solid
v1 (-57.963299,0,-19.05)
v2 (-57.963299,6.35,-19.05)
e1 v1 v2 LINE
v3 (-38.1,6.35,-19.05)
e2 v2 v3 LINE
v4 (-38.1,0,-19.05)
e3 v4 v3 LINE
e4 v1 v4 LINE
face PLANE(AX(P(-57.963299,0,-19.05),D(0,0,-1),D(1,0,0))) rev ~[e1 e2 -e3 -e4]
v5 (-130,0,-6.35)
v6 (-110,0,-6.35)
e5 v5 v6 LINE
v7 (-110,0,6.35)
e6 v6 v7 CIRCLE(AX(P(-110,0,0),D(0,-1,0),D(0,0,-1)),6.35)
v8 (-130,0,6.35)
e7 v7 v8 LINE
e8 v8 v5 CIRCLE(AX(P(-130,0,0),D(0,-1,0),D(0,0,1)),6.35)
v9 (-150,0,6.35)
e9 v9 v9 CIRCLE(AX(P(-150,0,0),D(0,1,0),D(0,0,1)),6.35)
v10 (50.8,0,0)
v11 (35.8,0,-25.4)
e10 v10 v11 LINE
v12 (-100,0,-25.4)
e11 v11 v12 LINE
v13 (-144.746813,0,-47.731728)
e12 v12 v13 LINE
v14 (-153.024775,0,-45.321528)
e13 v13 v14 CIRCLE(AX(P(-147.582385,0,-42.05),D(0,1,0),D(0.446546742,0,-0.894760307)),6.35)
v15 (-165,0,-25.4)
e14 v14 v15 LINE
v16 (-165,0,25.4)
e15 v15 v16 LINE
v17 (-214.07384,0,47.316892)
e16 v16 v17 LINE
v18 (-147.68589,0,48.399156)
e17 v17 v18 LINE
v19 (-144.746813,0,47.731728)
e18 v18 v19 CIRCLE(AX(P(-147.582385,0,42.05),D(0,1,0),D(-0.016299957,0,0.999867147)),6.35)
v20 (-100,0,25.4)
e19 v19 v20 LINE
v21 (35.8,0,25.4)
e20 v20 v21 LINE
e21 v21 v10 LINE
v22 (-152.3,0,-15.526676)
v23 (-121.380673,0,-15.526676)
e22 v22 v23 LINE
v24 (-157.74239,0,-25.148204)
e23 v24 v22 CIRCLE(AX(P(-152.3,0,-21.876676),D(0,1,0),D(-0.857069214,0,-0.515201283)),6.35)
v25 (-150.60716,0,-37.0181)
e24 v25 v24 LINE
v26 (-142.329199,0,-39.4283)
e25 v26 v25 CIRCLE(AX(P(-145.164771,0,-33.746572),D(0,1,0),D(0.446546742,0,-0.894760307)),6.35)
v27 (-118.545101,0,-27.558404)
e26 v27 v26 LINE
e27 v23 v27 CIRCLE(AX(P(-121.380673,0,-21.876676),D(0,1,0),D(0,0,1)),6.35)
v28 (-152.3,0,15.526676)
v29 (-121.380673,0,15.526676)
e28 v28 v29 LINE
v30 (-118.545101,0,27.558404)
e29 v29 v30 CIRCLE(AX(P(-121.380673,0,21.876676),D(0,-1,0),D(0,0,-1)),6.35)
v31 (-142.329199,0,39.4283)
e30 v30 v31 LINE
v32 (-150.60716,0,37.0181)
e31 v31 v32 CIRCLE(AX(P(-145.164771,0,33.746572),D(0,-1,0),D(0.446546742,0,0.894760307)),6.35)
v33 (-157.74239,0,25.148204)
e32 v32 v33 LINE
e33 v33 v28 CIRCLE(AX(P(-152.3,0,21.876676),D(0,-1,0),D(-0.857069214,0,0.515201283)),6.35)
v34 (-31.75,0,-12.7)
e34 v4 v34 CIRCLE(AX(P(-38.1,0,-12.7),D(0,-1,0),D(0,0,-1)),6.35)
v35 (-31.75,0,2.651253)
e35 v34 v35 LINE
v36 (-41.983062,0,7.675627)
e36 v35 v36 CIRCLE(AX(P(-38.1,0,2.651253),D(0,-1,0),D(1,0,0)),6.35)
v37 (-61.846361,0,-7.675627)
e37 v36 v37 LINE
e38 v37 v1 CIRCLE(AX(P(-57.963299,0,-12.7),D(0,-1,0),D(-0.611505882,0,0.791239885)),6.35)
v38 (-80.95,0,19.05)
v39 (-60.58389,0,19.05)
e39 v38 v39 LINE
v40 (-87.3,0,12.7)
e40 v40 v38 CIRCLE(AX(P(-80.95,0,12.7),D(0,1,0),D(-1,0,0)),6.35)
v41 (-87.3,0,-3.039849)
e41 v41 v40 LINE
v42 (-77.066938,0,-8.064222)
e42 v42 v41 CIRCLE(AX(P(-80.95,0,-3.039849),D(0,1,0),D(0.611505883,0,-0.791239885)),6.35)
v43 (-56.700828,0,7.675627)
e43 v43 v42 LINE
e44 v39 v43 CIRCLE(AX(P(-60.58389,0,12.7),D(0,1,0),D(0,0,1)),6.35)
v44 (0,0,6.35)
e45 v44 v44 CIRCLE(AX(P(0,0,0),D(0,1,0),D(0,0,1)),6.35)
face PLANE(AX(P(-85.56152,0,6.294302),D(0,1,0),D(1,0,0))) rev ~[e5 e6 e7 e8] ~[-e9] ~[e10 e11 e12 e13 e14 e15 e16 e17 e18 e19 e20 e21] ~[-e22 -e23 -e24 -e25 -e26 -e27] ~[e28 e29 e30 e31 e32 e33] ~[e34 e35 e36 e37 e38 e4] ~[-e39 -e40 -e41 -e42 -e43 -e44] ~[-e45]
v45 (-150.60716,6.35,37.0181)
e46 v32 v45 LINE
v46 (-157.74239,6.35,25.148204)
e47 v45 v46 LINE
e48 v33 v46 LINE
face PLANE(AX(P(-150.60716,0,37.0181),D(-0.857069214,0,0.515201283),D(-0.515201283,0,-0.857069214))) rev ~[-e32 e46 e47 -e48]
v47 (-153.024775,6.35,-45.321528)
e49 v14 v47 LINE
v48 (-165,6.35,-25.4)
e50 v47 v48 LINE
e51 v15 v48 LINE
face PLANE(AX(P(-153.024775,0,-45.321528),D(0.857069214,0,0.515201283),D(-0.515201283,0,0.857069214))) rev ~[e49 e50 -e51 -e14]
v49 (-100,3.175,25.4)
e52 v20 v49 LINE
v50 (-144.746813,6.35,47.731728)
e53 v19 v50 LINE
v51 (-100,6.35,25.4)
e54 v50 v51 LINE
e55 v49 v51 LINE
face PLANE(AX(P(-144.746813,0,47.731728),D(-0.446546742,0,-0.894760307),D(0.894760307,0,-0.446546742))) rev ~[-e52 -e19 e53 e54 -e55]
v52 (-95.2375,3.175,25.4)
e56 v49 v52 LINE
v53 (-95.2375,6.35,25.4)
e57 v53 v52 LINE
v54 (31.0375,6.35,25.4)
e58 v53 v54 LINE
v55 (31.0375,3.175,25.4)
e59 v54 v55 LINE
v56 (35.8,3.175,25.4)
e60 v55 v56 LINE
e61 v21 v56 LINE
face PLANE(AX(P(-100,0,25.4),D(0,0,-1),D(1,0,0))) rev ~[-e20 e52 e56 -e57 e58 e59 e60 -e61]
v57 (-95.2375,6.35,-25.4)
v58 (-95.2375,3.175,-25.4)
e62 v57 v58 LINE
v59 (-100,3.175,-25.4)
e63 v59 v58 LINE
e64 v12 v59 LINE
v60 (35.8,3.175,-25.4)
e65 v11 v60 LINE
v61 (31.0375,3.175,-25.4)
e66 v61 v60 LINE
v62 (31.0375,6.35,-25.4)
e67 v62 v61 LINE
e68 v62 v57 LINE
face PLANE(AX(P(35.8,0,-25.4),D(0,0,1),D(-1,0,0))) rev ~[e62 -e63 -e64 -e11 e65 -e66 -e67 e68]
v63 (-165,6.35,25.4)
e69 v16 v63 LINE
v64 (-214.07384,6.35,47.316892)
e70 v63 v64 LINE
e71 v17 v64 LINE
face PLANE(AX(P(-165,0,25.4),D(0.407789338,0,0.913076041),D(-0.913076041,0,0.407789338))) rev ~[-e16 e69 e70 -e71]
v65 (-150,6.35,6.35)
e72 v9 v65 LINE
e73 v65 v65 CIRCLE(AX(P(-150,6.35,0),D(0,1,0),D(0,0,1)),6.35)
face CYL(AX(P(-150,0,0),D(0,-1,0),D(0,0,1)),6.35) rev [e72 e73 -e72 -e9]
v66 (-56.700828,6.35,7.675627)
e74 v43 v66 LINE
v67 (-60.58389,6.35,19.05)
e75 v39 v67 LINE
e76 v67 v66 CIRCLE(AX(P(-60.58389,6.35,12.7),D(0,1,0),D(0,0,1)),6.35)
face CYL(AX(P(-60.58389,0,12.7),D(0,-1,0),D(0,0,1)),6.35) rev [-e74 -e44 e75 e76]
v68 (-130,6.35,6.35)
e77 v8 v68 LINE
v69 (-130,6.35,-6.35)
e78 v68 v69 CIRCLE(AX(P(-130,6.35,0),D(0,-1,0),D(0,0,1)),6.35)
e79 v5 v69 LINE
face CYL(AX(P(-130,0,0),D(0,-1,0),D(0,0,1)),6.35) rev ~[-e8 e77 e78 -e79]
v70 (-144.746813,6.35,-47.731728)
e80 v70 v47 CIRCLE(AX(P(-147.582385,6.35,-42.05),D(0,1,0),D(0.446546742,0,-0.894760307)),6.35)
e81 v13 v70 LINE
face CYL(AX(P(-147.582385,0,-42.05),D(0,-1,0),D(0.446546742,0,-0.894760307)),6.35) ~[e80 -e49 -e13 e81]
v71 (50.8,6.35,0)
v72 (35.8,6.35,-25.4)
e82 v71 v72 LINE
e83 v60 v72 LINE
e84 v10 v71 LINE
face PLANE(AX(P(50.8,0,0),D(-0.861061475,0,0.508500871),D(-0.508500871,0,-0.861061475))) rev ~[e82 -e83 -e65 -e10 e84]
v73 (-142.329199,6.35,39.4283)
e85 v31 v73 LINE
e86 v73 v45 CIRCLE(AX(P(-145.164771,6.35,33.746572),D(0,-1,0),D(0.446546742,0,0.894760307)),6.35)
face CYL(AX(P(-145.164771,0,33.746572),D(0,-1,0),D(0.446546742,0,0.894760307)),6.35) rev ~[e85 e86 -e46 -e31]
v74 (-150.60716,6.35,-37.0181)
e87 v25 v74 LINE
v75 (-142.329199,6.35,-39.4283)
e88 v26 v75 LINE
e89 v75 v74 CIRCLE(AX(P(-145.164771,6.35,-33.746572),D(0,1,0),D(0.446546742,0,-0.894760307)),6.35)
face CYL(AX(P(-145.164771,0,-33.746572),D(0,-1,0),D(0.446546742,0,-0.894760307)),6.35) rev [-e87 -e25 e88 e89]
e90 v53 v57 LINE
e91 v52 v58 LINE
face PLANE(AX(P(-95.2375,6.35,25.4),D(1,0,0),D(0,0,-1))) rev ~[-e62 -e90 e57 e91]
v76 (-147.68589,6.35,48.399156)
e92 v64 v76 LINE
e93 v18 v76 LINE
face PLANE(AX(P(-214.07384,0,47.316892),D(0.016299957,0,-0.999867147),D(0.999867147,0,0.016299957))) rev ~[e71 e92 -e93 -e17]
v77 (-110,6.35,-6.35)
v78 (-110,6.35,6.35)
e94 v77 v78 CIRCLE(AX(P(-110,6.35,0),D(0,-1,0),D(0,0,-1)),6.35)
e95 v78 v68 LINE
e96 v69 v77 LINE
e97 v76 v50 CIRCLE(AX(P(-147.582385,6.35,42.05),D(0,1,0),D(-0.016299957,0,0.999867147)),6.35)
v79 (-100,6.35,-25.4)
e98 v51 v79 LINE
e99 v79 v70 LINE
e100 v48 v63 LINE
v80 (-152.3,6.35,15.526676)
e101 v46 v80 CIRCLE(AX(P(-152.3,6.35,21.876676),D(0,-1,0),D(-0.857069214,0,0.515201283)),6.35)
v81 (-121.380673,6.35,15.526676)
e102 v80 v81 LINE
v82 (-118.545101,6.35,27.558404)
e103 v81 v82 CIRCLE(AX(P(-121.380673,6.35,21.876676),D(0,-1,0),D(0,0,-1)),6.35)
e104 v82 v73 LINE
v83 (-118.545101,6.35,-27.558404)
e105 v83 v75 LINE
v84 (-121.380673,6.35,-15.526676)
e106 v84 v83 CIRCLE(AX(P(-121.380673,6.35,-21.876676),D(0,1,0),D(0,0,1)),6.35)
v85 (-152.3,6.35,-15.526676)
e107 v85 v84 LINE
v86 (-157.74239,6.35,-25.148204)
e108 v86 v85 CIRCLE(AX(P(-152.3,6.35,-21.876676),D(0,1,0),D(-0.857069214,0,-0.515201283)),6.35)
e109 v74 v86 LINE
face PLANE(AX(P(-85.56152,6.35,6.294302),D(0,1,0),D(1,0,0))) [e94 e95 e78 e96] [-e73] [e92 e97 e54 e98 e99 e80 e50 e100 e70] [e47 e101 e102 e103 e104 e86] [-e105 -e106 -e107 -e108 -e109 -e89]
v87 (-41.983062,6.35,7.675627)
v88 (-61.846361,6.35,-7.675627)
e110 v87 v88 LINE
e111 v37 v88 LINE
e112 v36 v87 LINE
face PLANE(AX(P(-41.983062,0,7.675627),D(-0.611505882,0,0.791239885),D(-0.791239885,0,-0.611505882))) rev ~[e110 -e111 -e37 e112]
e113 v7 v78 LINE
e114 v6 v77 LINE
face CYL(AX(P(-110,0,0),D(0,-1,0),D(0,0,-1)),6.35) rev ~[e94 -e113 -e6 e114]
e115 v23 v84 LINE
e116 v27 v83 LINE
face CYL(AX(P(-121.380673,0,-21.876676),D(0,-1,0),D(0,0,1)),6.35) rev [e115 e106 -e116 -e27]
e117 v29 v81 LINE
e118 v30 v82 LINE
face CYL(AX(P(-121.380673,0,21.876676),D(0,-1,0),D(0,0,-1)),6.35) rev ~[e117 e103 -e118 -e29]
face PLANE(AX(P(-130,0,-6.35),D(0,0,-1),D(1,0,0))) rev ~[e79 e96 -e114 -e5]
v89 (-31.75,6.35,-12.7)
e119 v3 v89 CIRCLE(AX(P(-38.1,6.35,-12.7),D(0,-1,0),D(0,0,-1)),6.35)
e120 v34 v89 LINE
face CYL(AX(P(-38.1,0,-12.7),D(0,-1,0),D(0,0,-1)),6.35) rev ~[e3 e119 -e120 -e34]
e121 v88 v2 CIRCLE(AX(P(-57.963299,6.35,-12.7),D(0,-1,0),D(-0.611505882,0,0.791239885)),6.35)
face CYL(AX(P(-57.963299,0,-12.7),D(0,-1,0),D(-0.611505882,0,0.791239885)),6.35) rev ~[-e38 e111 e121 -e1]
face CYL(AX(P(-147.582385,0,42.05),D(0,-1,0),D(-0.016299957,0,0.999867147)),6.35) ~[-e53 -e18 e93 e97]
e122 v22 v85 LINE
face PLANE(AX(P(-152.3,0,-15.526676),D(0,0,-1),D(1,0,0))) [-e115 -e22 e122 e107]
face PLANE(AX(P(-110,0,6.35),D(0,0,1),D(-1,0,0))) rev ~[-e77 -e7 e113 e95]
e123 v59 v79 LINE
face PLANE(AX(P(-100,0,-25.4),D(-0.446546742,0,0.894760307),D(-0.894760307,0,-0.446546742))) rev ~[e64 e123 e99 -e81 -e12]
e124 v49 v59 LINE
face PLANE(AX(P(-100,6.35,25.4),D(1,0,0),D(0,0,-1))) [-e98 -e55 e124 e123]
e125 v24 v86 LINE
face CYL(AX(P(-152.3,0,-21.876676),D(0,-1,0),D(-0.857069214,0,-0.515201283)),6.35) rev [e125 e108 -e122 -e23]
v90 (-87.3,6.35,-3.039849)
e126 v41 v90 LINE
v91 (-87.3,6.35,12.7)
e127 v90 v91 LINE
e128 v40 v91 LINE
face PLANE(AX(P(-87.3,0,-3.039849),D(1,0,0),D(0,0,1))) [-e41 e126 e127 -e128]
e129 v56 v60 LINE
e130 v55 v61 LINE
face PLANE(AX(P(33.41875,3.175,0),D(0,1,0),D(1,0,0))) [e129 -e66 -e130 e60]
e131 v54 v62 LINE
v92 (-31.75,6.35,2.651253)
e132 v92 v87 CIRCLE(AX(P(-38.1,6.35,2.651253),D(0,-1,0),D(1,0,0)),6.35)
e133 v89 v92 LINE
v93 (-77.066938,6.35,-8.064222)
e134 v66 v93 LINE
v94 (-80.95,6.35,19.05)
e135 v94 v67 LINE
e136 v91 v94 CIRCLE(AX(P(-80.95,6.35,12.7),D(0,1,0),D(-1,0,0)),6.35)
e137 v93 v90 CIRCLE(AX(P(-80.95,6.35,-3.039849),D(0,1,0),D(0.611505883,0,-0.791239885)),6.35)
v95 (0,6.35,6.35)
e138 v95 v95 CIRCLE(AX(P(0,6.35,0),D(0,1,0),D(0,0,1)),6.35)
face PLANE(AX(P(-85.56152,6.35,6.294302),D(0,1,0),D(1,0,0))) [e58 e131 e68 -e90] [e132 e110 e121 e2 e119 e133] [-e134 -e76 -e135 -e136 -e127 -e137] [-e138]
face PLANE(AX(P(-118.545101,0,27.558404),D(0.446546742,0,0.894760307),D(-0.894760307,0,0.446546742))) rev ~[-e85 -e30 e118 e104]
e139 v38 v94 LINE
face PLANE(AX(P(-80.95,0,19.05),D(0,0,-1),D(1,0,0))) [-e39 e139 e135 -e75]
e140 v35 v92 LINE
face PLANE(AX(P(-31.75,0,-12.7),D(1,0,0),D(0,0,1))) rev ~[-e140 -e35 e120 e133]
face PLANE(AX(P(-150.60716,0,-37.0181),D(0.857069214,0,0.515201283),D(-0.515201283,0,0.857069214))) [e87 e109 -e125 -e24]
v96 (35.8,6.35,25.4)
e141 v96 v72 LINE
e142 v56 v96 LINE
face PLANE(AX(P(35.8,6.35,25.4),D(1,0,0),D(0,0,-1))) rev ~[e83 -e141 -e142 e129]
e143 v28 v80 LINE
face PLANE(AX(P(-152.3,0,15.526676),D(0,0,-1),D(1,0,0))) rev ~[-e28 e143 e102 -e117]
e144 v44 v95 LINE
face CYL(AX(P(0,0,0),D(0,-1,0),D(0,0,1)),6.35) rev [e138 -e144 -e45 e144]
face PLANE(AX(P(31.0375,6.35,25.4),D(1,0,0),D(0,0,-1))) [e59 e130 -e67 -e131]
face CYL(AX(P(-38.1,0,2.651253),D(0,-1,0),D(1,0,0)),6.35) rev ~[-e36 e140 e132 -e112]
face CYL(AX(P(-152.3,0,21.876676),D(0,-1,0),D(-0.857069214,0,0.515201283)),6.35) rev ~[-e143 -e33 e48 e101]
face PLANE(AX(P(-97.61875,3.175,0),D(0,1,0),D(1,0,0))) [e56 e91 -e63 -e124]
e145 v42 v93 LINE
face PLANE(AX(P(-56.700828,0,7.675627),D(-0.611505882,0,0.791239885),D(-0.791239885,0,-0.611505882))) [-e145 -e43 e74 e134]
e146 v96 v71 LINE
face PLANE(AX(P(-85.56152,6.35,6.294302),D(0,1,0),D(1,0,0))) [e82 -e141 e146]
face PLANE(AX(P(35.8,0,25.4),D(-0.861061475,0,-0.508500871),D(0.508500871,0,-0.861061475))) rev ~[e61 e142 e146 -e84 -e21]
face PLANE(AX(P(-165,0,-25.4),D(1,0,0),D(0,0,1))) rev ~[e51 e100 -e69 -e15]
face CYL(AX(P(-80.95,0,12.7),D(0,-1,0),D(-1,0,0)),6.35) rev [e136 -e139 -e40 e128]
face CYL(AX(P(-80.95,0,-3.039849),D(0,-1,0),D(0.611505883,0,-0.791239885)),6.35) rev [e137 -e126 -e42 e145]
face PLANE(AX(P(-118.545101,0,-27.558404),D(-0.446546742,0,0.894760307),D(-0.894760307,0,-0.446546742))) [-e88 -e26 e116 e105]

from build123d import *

# Parameters (mm, degrees)
CROQUIS1_R              = 6.35
SALIENTE_EXTRUIR1_DEPTH = 6.35
CROQUIS4_W              = 4.7625
CROQUIS4_H              = 50.8
CORTAR_EXTRUIR1_DEPTH   = 3.175


with BuildPart() as part:
    # Croquis1 → Saliente-Extruir1 (new body)
    with BuildSketch(Plane(origin=(0, 0, 0), x_dir=(1, 0, 0), z_dir=(0, 1, 0))):
        with BuildLine():
            Line((35.8, -25.4), (50.8, 0))
            Line((50.8, 0), (35.8, 25.4))
            Line((35.8, 25.4), (-100, 25.4))
            Line((-100, 25.4), (-144.746813481, 47.731727951))
            ThreePointArc((-144.746813481, 47.731727951), (-149.357530471, 48.146831931), (-153.024774803, 45.321528145))
            Line((-153.024774803, 45.321528145), (-165, 25.4))
            Line((-165, 25.4), (-165, -25.4))
            Line((-165, -25.4), (-214.07384035, -47.316891892))
            Line((-214.07384035, -47.316891892), (-147.685890016, -48.399156383))
            ThreePointArc((-147.685890016, -48.399156383), (-146.176180179, -48.24234101), (-144.746813481, -47.731727951))
            Line((-144.746813481, -47.731727951), (-100, -25.4))
            Line((-100, -25.4), (35.8, -25.4))
        make_face()
        with Locations(Location((0, 0, 0), (0, 0, 270))):
            Circle(CROQUIS1_R, mode=Mode.SUBTRACT)
        with Locations(Location((-150, 0, 0), (0, 0, 270))):
            Circle(CROQUIS1_R, mode=Mode.SUBTRACT)
        with BuildLine():
            Line((-118.545100716, 27.558404082), (-142.329198773, 39.428299747))
            ThreePointArc((-142.329198773, 39.428299747), (-146.939915763, 39.843403727), (-150.607160095, 37.018099941))
            Line((-150.607160095, 37.018099941), (-157.742389512, 25.148204276))
            ThreePointArc((-157.742389512, 25.148204276), (-157.827056347, 18.750312726), (-152.3, 15.526676131))
            Line((-152.3, 15.526676131), (-121.380672526, 15.526676131))
            ThreePointArc((-121.380672526, 15.526676131), (-115.199998109, 20.420048603), (-118.545100716, 27.558404082))
        make_face(mode=Mode.SUBTRACT)
        with BuildLine():
            Line((-118.545100716, -27.558404082), (-142.329198773, -39.428299747))
            ThreePointArc((-142.329198773, -39.428299747), (-146.939915763, -39.843403727), (-150.607160095, -37.018099941))
            Line((-150.607160095, -37.018099941), (-157.742389512, -25.148204276))
            ThreePointArc((-157.742389512, -25.148204276), (-157.827056347, -18.750312726), (-152.3, -15.526676131))
            Line((-152.3, -15.526676131), (-121.380672526, -15.526676131))
            ThreePointArc((-121.380672526, -15.526676131), (-115.199998109, -20.420048603), (-118.545100716, -27.558404082))
        make_face(mode=Mode.SUBTRACT)
        with BuildLine():
            Line((-130, 6.35), (-110, 6.35))
            ThreePointArc((-110, 6.35), (-103.65, 0), (-110, -6.35))
            Line((-110, -6.35), (-130, -6.35))
            ThreePointArc((-130, -6.35), (-136.35, 0), (-130, 6.35))
        make_face(mode=Mode.SUBTRACT)
        with BuildLine():
            Line((-56.70082756, -7.67562673), (-77.066937646, 8.064222026))
            ThreePointArc((-77.066937646, 8.064222026), (-83.748665223, 8.739846385), (-87.3, 3.039848756))
            Line((-87.3, 3.039848756), (-87.3, -12.7))
            ThreePointArc((-87.3, -12.7), (-85.440128061, -17.190128061), (-80.95, -19.05))
            Line((-80.95, -19.05), (-60.583889913, -19.05))
            ThreePointArc((-60.583889913, -19.05), (-54.57442778, -14.751551819), (-56.70082756, -7.67562673))
        make_face(mode=Mode.SUBTRACT)
        with BuildLine():
            Line((-57.963298738, 19.05), (-38.1, 19.05))
            ThreePointArc((-38.1, 19.05), (-33.609871939, 17.190128061), (-31.75, 12.7))
            Line((-31.75, 12.7), (-31.75, -2.651253459))
            ThreePointArc((-31.75, -2.651253459), (-35.301334777, -8.351251089), (-41.983062354, -7.67562673))
            Line((-41.983062354, -7.67562673), (-61.846361092, 7.67562673))
            ThreePointArc((-61.846361092, 7.67562673), (-63.972760872, 14.751551819), (-57.963298738, 19.05))
        make_face(mode=Mode.SUBTRACT)
    extrude(amount=SALIENTE_EXTRUIR1_DEPTH)

    # Croquis4 → Cortar-Extruir1 (cut)
    with BuildSketch(Plane(origin=(0, 6.35, 0), x_dir=(1, 0, 0), z_dir=(0, 1, 0))):
        with Locations((-97.61875, 0)):
            Rectangle(CROQUIS4_W, CROQUIS4_H)
        with Locations((33.41875, 0)):
            Rectangle(CROQUIS4_W, CROQUIS4_H)
    extrude(amount=-CORTAR_EXTRUIR1_DEPTH, mode=Mode.SUBTRACT)


solid = part.part
